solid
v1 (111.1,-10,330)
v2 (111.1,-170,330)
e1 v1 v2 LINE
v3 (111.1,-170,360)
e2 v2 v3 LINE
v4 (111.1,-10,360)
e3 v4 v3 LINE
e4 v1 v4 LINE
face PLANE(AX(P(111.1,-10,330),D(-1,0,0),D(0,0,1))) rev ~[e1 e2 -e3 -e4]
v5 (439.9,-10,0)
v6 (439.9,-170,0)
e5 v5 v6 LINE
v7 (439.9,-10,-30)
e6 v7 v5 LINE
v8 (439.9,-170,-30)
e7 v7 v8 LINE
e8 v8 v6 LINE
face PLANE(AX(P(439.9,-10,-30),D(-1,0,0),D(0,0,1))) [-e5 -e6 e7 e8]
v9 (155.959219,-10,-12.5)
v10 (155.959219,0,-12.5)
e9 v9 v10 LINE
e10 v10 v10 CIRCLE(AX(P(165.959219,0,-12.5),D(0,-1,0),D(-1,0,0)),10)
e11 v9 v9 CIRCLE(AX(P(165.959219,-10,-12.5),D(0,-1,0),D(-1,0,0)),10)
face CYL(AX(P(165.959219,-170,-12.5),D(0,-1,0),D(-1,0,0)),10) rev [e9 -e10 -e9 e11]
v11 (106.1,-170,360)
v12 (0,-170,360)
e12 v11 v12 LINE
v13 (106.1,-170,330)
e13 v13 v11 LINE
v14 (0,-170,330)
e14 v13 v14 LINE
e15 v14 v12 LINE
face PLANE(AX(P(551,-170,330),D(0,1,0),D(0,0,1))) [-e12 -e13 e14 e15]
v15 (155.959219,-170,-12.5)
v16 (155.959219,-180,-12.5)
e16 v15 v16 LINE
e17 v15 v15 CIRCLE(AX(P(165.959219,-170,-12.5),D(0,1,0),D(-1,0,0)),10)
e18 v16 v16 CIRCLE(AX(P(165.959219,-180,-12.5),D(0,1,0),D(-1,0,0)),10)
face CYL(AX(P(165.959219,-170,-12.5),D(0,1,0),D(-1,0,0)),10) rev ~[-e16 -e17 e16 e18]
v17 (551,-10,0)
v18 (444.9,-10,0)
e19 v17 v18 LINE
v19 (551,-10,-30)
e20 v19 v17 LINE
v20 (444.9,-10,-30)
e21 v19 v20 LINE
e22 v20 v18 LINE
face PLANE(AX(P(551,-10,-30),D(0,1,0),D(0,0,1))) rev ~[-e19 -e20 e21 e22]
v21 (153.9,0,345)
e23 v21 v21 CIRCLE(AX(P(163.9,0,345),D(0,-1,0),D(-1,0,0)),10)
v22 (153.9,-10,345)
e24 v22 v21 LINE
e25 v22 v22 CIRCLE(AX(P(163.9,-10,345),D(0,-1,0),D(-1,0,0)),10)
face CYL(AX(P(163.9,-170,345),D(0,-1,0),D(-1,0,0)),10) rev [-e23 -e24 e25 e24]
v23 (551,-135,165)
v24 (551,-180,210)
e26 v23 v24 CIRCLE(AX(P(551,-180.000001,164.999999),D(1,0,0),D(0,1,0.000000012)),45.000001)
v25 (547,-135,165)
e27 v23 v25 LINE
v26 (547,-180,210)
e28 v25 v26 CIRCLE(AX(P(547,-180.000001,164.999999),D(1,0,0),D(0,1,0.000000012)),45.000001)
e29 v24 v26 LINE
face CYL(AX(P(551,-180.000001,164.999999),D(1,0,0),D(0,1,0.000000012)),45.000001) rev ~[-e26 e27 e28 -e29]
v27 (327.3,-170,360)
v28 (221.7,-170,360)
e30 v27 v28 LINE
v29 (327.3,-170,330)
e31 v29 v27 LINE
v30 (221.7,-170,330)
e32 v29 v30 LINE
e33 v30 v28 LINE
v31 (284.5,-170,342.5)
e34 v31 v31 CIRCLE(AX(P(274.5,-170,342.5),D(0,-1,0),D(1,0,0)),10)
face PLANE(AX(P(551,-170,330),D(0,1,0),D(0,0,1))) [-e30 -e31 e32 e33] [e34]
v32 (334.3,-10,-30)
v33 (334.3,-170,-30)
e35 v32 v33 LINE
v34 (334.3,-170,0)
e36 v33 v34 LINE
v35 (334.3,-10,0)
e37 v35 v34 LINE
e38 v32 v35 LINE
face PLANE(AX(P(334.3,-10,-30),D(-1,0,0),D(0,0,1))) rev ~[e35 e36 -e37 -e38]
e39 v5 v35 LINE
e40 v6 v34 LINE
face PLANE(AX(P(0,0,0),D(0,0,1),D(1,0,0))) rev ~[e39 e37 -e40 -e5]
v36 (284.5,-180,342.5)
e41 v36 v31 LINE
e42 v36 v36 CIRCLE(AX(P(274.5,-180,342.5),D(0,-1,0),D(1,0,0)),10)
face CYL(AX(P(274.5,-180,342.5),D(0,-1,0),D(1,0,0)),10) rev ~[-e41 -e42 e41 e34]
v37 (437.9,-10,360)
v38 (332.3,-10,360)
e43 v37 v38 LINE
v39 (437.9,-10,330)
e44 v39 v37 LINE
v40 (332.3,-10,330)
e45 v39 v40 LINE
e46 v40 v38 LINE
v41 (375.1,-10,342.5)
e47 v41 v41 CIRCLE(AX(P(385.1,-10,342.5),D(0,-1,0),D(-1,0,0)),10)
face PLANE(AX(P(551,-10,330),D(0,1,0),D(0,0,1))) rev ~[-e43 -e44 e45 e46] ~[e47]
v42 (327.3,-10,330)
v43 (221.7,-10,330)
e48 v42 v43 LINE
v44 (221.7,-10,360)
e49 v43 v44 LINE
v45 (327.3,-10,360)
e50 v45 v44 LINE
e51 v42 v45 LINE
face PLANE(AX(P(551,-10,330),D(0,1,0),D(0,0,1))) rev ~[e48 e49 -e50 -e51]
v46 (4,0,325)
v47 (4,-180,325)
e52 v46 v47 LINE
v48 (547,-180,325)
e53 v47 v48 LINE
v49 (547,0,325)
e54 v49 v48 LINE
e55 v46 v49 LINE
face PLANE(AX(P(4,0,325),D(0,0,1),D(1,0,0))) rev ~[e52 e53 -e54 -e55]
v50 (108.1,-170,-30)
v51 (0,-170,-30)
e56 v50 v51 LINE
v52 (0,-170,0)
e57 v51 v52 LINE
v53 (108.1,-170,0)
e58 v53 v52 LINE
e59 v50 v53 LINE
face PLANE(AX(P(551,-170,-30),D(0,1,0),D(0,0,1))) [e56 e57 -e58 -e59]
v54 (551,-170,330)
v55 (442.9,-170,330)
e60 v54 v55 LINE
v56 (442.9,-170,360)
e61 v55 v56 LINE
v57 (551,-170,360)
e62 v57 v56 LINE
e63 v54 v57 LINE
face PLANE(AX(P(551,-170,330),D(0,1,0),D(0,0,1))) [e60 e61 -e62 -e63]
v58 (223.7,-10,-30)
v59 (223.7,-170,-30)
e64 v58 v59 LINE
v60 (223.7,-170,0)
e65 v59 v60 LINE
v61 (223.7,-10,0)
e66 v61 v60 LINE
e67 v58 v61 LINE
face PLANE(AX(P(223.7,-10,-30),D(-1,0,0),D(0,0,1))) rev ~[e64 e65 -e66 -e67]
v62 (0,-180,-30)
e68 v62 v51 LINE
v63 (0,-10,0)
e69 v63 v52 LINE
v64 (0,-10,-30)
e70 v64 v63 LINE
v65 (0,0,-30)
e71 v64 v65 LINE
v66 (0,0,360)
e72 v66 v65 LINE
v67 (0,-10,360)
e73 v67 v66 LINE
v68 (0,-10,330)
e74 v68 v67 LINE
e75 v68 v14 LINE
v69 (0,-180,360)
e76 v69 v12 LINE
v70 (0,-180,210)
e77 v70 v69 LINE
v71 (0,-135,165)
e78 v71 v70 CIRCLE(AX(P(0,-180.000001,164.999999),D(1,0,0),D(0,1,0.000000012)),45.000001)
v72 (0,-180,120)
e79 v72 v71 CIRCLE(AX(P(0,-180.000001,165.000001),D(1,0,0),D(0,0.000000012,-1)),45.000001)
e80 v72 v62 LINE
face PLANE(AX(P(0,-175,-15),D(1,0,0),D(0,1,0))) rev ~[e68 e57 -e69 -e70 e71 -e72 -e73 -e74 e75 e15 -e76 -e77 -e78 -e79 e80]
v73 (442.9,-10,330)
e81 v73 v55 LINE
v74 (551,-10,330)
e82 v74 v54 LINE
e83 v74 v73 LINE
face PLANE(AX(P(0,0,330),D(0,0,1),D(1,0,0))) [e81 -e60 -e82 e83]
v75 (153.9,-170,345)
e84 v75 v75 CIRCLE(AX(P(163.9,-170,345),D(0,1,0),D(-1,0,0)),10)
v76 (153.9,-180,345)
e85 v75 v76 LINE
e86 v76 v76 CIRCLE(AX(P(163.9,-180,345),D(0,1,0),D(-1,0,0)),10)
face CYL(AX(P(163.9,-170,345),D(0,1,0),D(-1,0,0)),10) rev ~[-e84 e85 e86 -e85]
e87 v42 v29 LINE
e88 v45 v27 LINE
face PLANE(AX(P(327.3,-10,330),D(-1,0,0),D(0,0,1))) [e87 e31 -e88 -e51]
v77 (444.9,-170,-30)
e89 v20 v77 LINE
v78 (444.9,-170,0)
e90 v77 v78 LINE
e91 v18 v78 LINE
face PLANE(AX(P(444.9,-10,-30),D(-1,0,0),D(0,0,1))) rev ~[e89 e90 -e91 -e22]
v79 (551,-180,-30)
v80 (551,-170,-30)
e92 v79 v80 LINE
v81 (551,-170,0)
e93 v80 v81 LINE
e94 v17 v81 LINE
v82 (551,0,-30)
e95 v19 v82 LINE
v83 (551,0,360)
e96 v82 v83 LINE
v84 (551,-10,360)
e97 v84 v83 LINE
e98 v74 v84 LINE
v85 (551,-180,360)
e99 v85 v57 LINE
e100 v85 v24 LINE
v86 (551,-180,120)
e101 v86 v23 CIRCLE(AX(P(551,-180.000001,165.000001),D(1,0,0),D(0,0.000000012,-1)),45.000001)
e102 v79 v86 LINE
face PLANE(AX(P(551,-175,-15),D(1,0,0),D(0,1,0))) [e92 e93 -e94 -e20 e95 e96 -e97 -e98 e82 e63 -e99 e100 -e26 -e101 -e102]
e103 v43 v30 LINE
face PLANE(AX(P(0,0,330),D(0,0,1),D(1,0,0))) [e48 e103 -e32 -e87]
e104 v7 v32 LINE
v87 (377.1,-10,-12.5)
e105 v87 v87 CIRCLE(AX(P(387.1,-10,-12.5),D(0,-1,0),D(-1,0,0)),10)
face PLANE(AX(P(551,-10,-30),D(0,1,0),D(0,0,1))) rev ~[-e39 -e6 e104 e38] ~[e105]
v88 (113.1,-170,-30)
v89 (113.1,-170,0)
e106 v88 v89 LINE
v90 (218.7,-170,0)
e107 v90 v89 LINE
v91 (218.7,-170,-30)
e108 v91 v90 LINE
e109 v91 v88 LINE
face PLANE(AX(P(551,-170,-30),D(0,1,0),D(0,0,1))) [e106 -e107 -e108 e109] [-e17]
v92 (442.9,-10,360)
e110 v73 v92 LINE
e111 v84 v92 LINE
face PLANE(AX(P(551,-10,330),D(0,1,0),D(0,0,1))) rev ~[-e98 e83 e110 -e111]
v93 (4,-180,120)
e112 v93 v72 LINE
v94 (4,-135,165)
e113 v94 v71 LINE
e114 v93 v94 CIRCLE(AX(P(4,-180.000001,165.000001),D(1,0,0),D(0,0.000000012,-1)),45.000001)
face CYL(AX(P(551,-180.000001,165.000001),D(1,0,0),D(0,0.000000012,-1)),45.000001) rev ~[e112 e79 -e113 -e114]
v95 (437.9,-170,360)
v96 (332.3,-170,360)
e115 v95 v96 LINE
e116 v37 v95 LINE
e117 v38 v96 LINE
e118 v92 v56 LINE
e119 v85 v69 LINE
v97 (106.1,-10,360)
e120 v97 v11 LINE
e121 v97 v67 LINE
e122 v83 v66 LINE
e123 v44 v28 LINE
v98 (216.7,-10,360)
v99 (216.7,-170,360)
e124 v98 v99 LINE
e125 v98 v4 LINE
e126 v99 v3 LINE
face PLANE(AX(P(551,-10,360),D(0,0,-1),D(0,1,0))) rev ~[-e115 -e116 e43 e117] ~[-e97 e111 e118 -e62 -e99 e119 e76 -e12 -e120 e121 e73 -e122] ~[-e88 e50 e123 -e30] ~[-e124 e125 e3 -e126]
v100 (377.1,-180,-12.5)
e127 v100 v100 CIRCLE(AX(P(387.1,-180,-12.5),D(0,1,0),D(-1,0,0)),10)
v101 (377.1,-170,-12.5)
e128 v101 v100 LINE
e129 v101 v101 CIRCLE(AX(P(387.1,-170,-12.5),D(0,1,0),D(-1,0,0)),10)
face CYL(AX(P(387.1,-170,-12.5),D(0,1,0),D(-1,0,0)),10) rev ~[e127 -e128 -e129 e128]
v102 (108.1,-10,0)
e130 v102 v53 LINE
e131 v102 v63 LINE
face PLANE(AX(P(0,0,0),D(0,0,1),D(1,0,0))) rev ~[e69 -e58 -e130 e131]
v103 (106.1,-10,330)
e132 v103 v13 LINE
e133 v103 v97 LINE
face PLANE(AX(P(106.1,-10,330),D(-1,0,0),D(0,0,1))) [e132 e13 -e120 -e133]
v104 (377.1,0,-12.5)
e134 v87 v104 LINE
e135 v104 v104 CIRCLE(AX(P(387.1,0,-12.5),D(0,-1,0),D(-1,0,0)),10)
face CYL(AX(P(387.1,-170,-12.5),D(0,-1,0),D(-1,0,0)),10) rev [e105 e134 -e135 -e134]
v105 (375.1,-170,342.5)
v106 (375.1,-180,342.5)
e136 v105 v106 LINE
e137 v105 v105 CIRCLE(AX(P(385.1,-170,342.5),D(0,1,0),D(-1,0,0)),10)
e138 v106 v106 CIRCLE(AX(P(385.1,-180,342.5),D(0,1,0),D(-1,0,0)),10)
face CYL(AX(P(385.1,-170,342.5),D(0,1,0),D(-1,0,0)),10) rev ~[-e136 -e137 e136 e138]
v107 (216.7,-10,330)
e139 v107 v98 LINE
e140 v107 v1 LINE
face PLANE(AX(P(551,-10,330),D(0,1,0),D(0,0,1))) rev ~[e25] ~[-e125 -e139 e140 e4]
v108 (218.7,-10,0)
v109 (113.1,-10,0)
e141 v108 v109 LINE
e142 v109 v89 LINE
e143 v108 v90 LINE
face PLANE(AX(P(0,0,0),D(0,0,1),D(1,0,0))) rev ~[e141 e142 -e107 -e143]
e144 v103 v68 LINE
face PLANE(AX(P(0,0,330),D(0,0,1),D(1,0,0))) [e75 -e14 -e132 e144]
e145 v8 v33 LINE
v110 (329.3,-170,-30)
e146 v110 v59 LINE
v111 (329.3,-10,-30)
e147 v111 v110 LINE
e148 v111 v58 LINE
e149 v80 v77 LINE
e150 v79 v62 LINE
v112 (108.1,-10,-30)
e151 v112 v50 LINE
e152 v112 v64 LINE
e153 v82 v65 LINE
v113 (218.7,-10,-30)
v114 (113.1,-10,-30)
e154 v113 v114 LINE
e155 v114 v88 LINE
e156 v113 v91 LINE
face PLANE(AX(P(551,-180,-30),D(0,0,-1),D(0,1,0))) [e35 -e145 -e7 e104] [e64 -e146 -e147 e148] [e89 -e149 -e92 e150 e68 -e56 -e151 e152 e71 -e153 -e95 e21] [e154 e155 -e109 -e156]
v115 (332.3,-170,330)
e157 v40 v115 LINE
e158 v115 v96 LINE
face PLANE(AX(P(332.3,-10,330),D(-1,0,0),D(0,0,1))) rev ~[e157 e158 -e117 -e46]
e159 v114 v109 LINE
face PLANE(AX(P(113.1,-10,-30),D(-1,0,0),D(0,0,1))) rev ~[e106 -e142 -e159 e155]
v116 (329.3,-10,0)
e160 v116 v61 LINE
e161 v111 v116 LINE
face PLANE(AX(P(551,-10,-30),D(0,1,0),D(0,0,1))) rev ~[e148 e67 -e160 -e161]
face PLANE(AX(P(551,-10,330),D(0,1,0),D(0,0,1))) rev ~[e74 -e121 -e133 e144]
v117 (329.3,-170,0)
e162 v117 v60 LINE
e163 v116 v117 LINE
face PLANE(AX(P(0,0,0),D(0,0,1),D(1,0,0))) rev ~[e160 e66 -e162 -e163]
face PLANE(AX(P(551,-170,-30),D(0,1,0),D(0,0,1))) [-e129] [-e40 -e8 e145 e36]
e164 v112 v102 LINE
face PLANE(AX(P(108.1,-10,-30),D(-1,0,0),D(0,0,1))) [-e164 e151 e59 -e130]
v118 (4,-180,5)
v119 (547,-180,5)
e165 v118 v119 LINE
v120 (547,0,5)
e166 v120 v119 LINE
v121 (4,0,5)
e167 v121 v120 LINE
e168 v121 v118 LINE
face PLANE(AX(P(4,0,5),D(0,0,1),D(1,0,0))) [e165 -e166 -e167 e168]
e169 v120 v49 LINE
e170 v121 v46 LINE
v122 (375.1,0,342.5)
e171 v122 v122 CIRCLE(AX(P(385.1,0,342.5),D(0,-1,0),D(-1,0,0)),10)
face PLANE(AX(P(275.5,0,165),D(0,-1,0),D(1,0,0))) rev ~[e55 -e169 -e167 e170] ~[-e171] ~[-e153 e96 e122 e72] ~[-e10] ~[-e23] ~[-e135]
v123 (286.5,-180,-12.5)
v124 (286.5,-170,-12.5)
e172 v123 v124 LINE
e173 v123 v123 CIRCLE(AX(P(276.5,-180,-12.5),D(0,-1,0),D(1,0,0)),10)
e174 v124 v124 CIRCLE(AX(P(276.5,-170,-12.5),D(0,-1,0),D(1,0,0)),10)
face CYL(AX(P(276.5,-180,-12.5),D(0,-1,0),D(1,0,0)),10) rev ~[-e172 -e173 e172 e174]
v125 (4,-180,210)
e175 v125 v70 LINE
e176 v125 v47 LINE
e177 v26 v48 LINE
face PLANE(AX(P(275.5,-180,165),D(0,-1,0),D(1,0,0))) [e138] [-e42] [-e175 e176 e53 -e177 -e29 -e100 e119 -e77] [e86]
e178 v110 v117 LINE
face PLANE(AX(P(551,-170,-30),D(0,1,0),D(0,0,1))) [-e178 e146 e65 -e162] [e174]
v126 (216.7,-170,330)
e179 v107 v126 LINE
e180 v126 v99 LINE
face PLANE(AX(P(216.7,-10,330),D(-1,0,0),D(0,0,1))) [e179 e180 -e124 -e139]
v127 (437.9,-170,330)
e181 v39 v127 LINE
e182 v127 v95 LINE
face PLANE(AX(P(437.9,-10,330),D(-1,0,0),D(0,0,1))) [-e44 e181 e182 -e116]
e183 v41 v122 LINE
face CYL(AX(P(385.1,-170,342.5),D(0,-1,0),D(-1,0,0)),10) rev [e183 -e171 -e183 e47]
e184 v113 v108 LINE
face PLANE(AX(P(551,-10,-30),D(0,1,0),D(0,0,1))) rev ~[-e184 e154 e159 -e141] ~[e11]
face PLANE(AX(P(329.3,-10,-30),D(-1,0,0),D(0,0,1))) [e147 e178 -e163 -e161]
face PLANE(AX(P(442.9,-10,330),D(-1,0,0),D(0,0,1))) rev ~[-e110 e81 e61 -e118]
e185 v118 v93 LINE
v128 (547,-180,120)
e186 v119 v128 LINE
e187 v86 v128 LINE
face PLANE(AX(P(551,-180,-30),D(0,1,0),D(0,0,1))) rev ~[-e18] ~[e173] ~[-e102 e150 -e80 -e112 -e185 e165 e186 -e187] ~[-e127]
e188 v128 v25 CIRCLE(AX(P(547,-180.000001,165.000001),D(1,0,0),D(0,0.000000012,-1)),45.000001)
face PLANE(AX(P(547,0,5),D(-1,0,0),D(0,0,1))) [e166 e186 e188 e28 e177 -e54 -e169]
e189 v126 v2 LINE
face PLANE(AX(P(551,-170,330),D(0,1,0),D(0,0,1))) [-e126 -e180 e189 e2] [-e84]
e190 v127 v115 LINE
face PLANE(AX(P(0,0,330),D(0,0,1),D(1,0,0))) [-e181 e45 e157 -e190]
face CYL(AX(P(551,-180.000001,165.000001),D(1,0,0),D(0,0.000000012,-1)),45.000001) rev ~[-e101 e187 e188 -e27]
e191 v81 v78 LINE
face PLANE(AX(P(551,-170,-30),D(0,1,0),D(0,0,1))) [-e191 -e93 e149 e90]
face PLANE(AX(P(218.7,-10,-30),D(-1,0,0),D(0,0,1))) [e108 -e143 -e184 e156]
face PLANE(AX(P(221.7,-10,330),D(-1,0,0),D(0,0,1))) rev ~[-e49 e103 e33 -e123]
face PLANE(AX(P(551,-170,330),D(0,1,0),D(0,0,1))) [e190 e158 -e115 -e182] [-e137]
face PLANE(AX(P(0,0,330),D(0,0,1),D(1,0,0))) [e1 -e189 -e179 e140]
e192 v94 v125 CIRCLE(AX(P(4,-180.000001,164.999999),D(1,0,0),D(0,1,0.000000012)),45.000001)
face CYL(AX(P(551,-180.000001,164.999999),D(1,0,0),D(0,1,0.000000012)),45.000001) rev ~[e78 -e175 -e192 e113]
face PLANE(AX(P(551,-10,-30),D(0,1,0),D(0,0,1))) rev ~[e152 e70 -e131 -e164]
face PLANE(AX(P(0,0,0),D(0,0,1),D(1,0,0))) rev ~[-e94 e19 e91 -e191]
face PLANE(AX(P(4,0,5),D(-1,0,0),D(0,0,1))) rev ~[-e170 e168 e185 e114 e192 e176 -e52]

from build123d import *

# Parameters (mm, degrees)
F0_W      = 551
F0_H      = 330
F0_W_2    = 543
F0_H_2    = 320
F1_DEPTH  = 180
F3_DEPTH  = 551.001
F4_W      = 10
F4_H      = 30
F5_DEPTH  = 551
F6_W      = 5
F6_H      = 30
F7_DEPTH  = 160
F8_W      = 5
F8_H      = 30
F9_DEPTH  = 160
F10_R     = 10
F11_DEPTH = 25
F12_DEPTH = 170.001
F13_R     = 10
F14_DEPTH = 25


with BuildPart() as f1:
    # F0 (on Front) → F1 (new body)
    with BuildSketch(Plane.XZ):
        with Locations((275.5, 165)):
            Rectangle(F0_W, F0_H)
        with Locations((275.5, 165)):
            Rectangle(F0_W_2, F0_H_2, mode=Mode.SUBTRACT)
    extrude(amount=F1_DEPTH)

    # F2 (on face) → F3 (cut, through all)
    with BuildSketch(Plane.YZ.offset(551)):
        with BuildLine():
            Line((-180, 120), (-180, 210))
            ThreePointArc((-180, 210), (-225, 165), (-180, 120))
        make_face()
        with BuildLine():
            ThreePointArc((-180, 120), (-148.180195, 133.180195), (-135, 165))
            ThreePointArc((-135, 165), (-148.180195, 196.819805), (-180, 210))
            Line((-180, 210), (-180, 120))
        make_face()
    extrude(amount=-F3_DEPTH, mode=Mode.SUBTRACT)

    # F4 (on face) → F5 (join, through all)
    with BuildSketch(Plane.YZ.offset(551)):
        with Locations((-175, -15)):
            Rectangle(F4_W, F4_H)
        with Locations((-5, -15)):
            Rectangle(F4_W, F4_H)
        with Locations((-175, 345)):
            Rectangle(F4_W, F4_H)
        with Locations((-5, 345)):
            Rectangle(F4_W, F4_H)
    extrude(amount=-F5_DEPTH)

    # F6 (on face) → F7 (join, through all)
    with BuildSketch(Plane.XZ.offset(10)):
        with Locations((110.6, -15)):
            Rectangle(F6_W, F6_H)
        with Locations((221.2, -15)):
            Rectangle(F6_W, F6_H)
        with Locations((331.8, -15)):
            Rectangle(F6_W, F6_H)
        with Locations((442.4, -15)):
            Rectangle(F6_W, F6_H)
    extrude(amount=F7_DEPTH)

    # F8 (on face) → F9 (join, through all)
    with BuildSketch(Plane.XZ.offset(10)):
        with Locations((440.4, 345)):
            Rectangle(F8_W, F8_H)
        with Locations((329.8, 345)):
            Rectangle(F8_W, F8_H)
        with Locations((219.2, 345)):
            Rectangle(F8_W, F8_H)
        with Locations((108.6, 345)):
            Rectangle(F8_W, F8_H)
    extrude(amount=F9_DEPTH)

    # F10 (on face) → F11 (cut)
    with BuildSketch(Plane(origin=(0, -170, 0), x_dir=(-1, 0, 0), z_dir=(0, 1, 0))):
        with Locations((-165.959219, -12.5)):
            Circle(F10_R)
        with Locations((-387.1, -12.5)):
            Circle(F10_R)
        with Locations((-163.9, 345)):
            Circle(F10_R)
        with Locations((-385.1, 342.5)):
            Circle(F10_R)
    extrude(amount=-F11_DEPTH, mode=Mode.SUBTRACT)

    # F10 (on face) → F12 (cut, through all)
    with BuildSketch(Plane(origin=(0, -170, 0), x_dir=(-1, 0, 0), z_dir=(0, 1, 0))):
        with Locations((-163.9, 345)):
            Circle(F10_R)
        with Locations((-385.1, 342.5)):
            Circle(F10_R)
        with Locations((-165.959219, -12.5)):
            Circle(F10_R)
        with Locations((-387.1, -12.5)):
            Circle(F10_R)
    extrude(amount=F12_DEPTH, mode=Mode.SUBTRACT)

    # F13 (on face) → F14 (cut)
    with BuildSketch(Plane.XZ.offset(180)):
        with Locations((274.5, 342.5)):
            Circle(F13_R)
        with Locations((276.5, -12.5)):
            Circle(F13_R)
    extrude(amount=-F14_DEPTH, mode=Mode.SUBTRACT)


solid = f1.part
